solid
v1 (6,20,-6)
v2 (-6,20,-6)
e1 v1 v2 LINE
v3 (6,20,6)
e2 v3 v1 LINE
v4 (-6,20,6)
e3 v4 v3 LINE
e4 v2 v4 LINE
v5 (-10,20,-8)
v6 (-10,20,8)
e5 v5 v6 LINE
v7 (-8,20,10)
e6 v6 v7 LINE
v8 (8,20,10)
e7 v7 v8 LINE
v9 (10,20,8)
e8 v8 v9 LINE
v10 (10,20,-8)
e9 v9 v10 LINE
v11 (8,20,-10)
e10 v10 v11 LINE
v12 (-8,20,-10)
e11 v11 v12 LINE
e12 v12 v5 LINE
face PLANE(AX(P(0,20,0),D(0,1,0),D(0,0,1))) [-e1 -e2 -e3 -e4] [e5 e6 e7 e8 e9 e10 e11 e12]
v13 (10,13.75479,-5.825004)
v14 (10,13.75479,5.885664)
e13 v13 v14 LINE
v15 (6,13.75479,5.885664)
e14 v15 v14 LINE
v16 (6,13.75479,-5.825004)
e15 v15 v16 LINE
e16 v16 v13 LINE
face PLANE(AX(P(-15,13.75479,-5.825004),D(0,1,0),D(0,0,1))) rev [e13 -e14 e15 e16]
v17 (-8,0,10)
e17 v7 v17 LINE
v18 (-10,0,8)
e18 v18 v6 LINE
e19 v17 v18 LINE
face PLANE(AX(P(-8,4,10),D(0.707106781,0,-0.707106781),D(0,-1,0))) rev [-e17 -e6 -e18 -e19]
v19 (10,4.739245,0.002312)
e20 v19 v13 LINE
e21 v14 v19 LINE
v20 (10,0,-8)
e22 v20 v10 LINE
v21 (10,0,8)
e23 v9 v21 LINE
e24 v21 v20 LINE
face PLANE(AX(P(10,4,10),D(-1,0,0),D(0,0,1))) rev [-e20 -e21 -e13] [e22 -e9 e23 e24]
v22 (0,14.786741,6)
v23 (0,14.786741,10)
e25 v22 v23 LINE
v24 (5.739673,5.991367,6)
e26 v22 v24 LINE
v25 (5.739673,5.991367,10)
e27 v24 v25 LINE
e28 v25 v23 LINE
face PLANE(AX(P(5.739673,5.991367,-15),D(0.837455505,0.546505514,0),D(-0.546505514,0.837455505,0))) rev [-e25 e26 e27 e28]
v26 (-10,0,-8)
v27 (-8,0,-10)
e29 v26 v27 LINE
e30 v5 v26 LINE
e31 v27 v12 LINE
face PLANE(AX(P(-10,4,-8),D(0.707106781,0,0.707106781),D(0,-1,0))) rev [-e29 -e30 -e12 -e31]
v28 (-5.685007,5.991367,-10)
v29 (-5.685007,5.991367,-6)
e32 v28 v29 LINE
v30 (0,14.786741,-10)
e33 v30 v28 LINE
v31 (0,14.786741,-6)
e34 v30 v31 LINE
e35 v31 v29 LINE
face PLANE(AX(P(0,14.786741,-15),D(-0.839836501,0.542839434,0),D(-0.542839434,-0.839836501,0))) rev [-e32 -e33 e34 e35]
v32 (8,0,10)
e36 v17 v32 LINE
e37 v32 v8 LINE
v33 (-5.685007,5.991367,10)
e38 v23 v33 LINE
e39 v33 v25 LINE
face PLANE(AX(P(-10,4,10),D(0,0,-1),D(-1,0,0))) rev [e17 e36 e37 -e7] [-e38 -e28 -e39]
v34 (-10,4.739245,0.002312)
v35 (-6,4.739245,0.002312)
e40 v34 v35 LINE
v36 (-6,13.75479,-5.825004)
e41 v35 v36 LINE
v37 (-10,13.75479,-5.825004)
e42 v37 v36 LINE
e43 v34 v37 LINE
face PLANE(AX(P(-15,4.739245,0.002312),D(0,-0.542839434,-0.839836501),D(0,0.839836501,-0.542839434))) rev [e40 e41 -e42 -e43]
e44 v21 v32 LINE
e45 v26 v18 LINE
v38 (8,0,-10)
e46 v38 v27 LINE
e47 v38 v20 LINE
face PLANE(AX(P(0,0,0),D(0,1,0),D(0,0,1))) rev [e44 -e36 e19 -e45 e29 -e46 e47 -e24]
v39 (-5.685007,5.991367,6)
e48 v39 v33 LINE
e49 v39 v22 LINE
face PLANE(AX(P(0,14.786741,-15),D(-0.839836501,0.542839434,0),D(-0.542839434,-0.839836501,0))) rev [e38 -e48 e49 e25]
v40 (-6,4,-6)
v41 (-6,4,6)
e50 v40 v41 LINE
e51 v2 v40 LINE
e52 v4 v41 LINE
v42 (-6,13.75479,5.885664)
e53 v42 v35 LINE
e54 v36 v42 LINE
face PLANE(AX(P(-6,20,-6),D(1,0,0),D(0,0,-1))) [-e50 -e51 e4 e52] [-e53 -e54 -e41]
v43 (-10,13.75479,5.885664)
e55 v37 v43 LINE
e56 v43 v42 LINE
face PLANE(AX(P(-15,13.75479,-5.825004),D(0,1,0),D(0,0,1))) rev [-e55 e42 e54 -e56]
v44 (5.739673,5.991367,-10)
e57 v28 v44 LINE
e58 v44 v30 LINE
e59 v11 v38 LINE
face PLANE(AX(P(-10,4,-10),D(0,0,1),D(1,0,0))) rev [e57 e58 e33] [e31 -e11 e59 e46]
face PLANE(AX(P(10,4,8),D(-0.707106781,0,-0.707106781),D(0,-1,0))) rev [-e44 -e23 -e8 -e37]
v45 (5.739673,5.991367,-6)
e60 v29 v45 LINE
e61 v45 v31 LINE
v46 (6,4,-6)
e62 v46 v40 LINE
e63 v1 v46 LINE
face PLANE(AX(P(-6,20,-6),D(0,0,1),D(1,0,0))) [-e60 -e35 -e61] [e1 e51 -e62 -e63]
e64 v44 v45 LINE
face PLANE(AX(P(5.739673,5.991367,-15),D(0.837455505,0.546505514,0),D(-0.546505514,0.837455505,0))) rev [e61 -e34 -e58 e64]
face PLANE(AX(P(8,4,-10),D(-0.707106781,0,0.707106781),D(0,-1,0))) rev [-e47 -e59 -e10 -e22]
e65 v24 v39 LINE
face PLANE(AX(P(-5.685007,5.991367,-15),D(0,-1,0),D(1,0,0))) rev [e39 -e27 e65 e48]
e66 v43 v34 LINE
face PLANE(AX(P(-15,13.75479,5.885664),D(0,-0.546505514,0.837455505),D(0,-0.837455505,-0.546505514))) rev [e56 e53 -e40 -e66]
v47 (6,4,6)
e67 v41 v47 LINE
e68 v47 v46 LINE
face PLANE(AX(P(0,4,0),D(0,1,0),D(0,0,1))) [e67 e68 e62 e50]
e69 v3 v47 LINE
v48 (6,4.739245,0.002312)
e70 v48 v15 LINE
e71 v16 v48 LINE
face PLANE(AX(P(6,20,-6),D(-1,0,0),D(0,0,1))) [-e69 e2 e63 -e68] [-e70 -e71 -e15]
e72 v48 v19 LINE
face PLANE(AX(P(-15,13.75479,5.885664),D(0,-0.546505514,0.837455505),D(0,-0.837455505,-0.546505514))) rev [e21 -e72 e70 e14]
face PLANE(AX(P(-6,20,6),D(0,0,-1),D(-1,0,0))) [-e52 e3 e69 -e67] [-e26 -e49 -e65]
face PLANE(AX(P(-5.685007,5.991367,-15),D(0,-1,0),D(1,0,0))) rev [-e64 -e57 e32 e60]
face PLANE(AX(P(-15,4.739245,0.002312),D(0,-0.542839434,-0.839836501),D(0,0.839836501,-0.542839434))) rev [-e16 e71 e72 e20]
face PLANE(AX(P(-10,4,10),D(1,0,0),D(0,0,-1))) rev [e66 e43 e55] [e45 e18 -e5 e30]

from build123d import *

# Parameters (mm, degrees)
ESQUISSE1_W             = 20
ESQUISSE1_H             = 20
BOSS_EXTRU_1_DEPTH      = 4
ESQUISSE4_W             = 20
ESQUISSE4_H             = 20
ESQUISSE4_W_2           = 12
ESQUISSE4_H_2           = 12
BOSS_EXTRU_2_DEPTH      = 16
ENL_V_MAT_EXTRU_2_DEPTH = 25
ENL_V_MAT_EXTRU_3_DEPTH = 25
CHANFREIN1_SIZE         = 2


with BuildPart() as part:
    # Esquisse1 → Boss.-Extru.1 (new body)
    with BuildSketch(Plane(origin=(0, 0, 0), x_dir=(1, 0, 0), z_dir=(0, 1, 0))):
        Rectangle(ESQUISSE1_W, ESQUISSE1_H)
    extrude(amount=BOSS_EXTRU_1_DEPTH)

    # Esquisse4 → Boss.-Extru.2 (add)
    with BuildSketch(Plane(origin=(0, 4, 0), x_dir=(1, 0, 0), z_dir=(0, 1, 0))):
        Rectangle(ESQUISSE4_W, ESQUISSE4_H)
        Rectangle(ESQUISSE4_W_2, ESQUISSE4_H_2, mode=Mode.SUBTRACT)
    extrude(amount=BOSS_EXTRU_2_DEPTH)

    # Esquisse5 → Enlèv. mat.-Extru.2 (cut)
    with BuildSketch(Plane.XY.offset(10)):
        Polygon((0, 14.786741301), (-5.685006524, 5.991367039), (5.739672743, 5.991367039), align=None)
    extrude(amount=-ENL_V_MAT_EXTRU_2_DEPTH, mode=Mode.SUBTRACT)

    # Esquisse6 → Enlèv. mat.-Extru.3 (cut)
    with BuildSketch(Plane(origin=(10, 0, 0), x_dir=(0, 0, -1), z_dir=(1, 0, 0))):
        Polygon((-0.002312493, 4.739245448), (5.825004197, 13.754790289), (-5.885663837, 13.754790289), align=None)
    extrude(amount=-ENL_V_MAT_EXTRU_3_DEPTH, mode=Mode.SUBTRACT)

    # Chanfrein1
    chanfrein1_edges = [part.edges().sort_by_distance(p)[0] for p in [
        (10, 10, -10),
        (10, 10, 10),
        (-10, 10, 10),
        (-10, 10, -10),
    ]]
    chamfer(chanfrein1_edges, length=CHANFREIN1_SIZE)


solid = part.part
